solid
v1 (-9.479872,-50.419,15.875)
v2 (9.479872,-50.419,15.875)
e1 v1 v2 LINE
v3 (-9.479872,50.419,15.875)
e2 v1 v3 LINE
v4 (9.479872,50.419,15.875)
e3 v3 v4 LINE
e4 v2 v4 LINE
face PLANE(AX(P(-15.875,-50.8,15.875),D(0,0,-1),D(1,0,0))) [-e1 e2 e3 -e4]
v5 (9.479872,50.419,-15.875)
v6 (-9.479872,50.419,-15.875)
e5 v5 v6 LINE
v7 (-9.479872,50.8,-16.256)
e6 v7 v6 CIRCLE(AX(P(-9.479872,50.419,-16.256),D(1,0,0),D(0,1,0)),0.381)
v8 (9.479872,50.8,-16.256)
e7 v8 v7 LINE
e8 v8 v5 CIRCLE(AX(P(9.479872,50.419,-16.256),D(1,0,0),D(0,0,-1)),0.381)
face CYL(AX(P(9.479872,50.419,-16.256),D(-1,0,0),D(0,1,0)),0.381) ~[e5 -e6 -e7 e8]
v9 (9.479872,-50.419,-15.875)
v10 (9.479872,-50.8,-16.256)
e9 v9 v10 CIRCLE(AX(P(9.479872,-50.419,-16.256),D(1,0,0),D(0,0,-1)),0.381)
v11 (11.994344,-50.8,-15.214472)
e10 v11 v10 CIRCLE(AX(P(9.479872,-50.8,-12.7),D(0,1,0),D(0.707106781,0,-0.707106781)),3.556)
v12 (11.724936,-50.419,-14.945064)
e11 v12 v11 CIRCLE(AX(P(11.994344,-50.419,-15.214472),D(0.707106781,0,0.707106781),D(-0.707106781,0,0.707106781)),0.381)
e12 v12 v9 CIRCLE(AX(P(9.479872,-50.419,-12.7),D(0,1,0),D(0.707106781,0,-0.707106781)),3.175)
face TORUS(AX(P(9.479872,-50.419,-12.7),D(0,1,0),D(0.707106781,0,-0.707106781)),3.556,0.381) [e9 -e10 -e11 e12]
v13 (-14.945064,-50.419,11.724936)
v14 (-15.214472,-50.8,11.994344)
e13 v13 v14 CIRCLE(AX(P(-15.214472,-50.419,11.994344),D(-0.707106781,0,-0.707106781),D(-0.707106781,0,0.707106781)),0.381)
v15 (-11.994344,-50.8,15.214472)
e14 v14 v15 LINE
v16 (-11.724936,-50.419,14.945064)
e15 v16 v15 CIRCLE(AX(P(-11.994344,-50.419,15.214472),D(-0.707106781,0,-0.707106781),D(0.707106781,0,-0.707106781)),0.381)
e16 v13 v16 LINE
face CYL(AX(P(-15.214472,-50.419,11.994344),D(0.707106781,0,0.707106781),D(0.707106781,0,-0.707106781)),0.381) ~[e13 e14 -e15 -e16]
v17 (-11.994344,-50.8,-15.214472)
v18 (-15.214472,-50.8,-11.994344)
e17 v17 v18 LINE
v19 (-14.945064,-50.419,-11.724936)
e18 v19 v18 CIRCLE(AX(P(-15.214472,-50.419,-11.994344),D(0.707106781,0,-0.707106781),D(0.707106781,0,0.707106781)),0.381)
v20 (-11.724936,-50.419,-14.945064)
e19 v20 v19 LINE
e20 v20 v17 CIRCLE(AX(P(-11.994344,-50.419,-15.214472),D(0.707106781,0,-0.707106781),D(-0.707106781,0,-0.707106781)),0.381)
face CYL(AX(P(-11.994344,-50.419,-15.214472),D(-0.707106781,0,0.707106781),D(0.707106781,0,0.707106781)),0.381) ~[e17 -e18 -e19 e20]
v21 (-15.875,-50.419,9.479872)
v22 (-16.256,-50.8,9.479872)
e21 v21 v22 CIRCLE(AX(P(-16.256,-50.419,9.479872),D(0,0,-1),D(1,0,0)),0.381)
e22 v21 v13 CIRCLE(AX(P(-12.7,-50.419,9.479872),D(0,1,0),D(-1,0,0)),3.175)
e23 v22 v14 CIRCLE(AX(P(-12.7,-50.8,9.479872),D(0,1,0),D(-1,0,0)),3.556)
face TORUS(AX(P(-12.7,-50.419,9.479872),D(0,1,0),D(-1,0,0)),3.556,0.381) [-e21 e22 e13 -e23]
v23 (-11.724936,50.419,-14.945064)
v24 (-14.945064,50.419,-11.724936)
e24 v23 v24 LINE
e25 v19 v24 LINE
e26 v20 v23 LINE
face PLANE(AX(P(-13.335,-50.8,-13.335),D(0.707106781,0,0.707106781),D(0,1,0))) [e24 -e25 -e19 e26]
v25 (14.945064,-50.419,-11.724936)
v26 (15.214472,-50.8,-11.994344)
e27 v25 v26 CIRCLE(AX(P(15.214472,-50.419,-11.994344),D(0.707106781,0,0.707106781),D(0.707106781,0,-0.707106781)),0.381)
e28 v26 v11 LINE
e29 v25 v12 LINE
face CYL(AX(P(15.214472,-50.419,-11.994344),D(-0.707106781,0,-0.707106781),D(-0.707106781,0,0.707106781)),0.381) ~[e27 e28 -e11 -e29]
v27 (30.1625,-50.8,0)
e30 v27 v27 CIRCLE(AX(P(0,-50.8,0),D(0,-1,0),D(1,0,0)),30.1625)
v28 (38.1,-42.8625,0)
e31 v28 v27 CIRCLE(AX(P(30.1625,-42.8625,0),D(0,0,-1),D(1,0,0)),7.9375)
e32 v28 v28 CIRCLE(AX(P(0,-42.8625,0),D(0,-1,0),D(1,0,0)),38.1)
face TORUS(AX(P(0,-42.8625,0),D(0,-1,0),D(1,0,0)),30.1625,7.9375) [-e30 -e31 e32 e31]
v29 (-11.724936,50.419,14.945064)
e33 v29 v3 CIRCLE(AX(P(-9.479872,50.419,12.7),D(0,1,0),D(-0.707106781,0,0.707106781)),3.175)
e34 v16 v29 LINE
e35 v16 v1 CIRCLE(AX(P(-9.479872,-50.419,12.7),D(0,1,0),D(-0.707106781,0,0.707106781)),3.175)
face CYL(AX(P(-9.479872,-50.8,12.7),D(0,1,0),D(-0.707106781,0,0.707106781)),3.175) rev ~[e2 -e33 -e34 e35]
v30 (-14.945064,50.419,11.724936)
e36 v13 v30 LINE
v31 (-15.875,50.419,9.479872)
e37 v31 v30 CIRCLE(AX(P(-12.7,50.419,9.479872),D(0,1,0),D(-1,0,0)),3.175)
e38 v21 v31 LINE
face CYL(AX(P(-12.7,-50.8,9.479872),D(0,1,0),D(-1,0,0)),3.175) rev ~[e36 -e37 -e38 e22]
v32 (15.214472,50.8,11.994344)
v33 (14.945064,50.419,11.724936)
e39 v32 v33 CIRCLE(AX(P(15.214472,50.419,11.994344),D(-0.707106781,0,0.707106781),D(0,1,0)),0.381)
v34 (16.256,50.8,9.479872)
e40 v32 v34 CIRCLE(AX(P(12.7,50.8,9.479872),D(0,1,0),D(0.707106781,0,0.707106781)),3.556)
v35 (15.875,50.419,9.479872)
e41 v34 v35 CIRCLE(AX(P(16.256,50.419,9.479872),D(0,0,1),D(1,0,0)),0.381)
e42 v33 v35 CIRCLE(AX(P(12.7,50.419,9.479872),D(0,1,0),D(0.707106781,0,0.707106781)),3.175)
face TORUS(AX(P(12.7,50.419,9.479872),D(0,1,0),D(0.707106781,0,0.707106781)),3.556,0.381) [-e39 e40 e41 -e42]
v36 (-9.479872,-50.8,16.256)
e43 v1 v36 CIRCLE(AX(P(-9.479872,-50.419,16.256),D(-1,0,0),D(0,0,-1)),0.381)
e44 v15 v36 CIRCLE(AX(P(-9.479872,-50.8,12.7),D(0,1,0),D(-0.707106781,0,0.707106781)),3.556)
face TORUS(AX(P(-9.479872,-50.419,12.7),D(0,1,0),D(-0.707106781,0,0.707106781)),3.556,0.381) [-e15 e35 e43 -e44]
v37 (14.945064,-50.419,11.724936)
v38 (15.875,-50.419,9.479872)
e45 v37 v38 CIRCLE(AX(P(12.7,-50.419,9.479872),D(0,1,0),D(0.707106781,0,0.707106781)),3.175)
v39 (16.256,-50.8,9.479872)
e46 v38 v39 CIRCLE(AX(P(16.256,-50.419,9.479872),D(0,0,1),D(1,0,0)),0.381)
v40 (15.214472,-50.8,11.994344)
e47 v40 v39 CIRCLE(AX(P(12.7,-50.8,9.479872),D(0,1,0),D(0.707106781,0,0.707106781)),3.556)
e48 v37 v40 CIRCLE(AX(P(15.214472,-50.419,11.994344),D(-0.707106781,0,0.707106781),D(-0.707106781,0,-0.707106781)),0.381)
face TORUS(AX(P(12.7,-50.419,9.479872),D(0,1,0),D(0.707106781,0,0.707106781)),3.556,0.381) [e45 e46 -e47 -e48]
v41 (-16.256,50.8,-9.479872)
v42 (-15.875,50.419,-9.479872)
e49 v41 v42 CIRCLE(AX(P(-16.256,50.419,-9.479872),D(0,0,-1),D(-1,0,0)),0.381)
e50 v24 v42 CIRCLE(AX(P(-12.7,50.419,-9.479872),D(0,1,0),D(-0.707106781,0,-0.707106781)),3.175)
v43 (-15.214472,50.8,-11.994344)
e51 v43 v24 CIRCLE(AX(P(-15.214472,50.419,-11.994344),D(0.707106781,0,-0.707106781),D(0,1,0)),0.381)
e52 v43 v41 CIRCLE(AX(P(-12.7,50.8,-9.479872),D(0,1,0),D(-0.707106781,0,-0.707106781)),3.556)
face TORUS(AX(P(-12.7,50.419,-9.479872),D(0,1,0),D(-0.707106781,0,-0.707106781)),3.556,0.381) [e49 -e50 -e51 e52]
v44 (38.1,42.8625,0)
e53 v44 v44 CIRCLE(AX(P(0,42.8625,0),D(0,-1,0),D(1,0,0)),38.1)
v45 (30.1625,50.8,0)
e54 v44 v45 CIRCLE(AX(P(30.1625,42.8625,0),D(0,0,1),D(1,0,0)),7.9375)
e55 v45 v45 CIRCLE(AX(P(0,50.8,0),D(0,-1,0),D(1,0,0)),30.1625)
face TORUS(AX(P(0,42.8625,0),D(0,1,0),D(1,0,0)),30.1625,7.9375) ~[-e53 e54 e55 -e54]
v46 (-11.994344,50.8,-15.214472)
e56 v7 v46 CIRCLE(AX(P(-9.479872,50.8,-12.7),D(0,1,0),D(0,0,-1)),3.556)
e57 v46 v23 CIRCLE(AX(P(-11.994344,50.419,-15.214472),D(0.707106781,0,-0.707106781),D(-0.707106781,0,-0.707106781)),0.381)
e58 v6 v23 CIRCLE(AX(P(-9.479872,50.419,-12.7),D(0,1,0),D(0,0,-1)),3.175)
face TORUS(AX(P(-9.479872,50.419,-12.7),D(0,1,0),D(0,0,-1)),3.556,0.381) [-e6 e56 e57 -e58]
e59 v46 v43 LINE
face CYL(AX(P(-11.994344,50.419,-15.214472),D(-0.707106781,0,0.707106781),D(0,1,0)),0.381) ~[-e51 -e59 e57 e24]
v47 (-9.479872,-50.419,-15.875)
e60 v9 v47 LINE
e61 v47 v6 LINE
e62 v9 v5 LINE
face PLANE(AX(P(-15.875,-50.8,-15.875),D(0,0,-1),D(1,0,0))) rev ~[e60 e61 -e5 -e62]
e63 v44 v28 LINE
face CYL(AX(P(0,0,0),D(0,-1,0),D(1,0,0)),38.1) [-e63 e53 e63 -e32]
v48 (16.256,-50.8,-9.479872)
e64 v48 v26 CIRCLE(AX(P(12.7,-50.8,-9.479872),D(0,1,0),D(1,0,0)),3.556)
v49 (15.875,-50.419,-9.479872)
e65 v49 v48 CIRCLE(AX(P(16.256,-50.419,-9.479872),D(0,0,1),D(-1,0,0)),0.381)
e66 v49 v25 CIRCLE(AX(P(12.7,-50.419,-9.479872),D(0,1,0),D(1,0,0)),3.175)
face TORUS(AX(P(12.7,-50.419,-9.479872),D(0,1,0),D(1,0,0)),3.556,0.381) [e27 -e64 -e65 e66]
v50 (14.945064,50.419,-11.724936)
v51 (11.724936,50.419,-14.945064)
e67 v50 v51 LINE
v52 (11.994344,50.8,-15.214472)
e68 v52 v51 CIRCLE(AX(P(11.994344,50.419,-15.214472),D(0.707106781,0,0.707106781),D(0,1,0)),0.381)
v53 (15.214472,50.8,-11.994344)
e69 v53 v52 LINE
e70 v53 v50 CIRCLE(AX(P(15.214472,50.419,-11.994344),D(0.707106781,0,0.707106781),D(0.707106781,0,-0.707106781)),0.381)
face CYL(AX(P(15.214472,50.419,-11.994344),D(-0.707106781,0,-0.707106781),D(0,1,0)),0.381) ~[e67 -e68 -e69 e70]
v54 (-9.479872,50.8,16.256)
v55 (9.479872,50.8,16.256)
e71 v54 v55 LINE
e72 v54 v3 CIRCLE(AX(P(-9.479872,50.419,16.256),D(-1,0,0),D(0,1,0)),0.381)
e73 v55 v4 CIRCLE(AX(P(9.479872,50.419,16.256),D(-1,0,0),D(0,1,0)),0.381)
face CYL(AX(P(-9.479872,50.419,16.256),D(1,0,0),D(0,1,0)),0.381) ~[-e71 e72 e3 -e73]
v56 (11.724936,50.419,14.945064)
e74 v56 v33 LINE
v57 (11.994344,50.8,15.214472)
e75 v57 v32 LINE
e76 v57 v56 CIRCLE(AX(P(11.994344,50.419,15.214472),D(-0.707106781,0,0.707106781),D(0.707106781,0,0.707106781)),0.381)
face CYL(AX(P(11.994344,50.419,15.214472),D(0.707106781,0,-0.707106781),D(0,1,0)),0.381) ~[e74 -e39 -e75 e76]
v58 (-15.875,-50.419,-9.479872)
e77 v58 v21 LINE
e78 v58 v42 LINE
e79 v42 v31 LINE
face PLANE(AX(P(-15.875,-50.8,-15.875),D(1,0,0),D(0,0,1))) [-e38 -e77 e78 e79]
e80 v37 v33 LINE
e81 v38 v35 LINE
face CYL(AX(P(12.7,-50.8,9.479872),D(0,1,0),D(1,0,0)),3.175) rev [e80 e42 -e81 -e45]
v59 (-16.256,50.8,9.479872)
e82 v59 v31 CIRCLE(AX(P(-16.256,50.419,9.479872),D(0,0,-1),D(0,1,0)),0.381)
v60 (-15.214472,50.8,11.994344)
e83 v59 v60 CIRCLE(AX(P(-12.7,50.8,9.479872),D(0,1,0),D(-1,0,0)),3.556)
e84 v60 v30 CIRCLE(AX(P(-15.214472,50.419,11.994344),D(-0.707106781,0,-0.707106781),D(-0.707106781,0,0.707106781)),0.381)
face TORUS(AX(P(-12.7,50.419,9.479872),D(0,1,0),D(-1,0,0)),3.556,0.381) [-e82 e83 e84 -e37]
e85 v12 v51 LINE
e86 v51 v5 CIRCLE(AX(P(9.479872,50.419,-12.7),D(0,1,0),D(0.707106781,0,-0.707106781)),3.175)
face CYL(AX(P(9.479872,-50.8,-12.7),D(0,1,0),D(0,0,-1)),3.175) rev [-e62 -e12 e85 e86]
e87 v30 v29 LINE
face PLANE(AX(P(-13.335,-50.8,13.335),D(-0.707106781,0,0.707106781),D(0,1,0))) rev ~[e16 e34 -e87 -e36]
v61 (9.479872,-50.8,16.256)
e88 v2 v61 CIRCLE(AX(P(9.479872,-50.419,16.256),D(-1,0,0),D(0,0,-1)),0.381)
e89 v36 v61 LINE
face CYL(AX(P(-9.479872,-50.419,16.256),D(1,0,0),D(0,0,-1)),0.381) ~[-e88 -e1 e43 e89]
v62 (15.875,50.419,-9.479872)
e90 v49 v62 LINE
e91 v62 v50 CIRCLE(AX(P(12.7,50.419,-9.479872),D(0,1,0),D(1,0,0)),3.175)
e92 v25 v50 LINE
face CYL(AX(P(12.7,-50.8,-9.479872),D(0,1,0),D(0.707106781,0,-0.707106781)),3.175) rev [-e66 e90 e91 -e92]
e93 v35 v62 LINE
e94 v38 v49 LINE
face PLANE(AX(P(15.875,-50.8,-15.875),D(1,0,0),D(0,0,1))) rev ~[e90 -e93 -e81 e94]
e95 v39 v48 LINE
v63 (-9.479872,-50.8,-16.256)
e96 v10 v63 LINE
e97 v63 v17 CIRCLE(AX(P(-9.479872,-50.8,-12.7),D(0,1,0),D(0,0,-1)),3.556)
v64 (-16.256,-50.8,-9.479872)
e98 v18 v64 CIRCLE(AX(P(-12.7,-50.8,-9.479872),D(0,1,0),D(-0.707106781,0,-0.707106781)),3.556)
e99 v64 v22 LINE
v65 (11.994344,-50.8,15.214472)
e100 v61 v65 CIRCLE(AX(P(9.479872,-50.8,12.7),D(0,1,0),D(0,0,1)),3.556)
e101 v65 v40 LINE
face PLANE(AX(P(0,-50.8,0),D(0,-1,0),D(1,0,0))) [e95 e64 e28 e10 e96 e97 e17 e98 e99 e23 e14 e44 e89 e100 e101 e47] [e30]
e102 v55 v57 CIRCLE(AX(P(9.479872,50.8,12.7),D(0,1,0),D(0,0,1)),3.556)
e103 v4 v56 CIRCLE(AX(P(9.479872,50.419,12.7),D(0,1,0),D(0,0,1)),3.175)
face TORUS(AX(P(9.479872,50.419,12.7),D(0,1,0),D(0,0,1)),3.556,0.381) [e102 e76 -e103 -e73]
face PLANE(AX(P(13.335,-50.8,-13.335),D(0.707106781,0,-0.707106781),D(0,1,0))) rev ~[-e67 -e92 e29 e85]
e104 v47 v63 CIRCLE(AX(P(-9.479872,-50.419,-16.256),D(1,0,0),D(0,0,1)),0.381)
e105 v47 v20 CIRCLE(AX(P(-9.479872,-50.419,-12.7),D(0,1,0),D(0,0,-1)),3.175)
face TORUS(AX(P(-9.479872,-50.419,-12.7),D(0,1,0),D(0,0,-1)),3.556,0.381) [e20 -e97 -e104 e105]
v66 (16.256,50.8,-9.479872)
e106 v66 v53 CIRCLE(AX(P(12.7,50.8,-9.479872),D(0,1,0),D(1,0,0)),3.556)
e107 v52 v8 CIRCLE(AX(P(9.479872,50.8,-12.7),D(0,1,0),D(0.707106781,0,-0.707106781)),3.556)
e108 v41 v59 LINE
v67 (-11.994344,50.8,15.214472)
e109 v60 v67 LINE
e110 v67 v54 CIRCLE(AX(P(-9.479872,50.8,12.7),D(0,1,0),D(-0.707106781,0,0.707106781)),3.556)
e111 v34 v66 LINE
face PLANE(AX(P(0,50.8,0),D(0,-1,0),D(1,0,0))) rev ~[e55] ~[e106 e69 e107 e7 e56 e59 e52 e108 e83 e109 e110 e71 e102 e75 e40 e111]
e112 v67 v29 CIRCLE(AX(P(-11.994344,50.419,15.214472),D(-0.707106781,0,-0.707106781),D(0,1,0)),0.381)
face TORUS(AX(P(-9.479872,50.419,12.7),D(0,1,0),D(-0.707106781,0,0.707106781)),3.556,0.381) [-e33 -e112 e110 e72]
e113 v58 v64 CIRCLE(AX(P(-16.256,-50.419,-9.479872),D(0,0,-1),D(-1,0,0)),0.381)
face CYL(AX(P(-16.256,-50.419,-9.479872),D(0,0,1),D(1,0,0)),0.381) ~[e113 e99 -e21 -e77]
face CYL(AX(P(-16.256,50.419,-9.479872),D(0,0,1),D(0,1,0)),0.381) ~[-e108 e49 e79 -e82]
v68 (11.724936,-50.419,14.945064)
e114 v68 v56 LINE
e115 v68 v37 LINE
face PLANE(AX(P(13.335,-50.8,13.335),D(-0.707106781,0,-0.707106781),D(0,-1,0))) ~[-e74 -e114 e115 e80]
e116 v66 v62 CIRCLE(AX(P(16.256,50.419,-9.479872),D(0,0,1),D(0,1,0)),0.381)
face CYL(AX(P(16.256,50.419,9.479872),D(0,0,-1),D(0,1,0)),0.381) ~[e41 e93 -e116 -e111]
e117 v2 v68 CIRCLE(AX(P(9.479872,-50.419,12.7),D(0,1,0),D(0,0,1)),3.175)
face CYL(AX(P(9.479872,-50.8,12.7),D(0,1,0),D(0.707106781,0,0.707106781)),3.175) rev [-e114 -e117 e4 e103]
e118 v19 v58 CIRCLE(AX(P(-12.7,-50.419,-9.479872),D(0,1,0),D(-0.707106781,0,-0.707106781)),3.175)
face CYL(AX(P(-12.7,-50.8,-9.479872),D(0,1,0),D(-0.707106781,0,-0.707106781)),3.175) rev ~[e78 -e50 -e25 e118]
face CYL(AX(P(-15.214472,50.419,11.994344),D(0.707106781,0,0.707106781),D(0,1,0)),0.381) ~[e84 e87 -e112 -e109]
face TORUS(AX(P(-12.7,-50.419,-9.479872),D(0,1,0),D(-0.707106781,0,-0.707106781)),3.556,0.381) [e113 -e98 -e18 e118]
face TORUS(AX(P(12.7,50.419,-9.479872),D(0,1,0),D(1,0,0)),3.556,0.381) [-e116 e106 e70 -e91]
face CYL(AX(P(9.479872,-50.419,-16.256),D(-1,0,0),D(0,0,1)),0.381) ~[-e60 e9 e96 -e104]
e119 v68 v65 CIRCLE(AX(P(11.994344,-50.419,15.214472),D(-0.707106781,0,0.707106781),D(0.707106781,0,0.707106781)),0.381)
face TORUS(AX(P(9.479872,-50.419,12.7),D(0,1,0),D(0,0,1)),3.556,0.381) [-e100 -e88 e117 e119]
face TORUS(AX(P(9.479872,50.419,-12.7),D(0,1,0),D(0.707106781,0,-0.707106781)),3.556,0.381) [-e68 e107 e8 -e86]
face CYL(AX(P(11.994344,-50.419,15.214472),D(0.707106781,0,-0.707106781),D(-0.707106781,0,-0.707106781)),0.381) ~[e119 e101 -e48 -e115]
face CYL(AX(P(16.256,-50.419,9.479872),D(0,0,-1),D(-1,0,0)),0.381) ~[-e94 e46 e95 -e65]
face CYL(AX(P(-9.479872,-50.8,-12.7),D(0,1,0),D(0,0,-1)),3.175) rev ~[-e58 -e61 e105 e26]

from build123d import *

# Parameters (mm, degrees)
F0_R     = 38.1
F1_DEPTH = 50.8
F2_R     = 7.9375
F3_W     = 31.75
F3_H     = 31.75
F4_DEPTH = 101.601
F5_SIZE  = 5.08
F6_R     = 3.175
F7_R     = 0.381


with BuildPart() as f1:
    # F0 (on Front) → F1 (new body, symmetric)
    with BuildSketch(Plane.XZ):
        Circle(F0_R)
    extrude(amount=F1_DEPTH, both=True)

    # F2
    f2_edges = [f1.edges().sort_by_distance(p)[0] for p in [
        (-38.1, -50.8, 0),
        (-38.1, 50.8, 0),
    ]]
    fillet(f2_edges, radius=F2_R)

    # F3 (on face) → F4 (cut, through all)
    with BuildSketch(Plane.XZ.offset(50.8)):
        Rectangle(F3_W, F3_H)
    extrude(amount=-F4_DEPTH, mode=Mode.SUBTRACT)

    # F5
    f5_edges = [f1.edges().sort_by_distance(p)[0] for p in [
        (-15.875, 0, 15.875),
        (15.875, 0, -15.875),
        (15.875, 0, 15.875),
        (-15.875, 0, -15.875),
    ]]
    chamfer(f5_edges, length=F5_SIZE)

    # F6
    f6_edges = [f1.edges().sort_by_distance(p)[0] for p in [
        (-10.795, 0, -15.875),
        (-15.875, 0, -10.795),
        (-15.875, 0, 10.795),
        (-10.795, 0, 15.875),
        (10.795, 0, 15.875),
        (15.875, 0, 10.795),
        (15.875, 0, -10.795),
        (10.795, 0, -15.875),
    ]]
    fillet(f6_edges, radius=F6_R)

    # F7
    f7_edges = [f1.edges().sort_by_distance(p)[0] for p in [
        (0, -50.8, 15.875),
        (0, 50.8, 15.875),
    ]]
    fillet(f7_edges, radius=F7_R)


solid = f1.part
